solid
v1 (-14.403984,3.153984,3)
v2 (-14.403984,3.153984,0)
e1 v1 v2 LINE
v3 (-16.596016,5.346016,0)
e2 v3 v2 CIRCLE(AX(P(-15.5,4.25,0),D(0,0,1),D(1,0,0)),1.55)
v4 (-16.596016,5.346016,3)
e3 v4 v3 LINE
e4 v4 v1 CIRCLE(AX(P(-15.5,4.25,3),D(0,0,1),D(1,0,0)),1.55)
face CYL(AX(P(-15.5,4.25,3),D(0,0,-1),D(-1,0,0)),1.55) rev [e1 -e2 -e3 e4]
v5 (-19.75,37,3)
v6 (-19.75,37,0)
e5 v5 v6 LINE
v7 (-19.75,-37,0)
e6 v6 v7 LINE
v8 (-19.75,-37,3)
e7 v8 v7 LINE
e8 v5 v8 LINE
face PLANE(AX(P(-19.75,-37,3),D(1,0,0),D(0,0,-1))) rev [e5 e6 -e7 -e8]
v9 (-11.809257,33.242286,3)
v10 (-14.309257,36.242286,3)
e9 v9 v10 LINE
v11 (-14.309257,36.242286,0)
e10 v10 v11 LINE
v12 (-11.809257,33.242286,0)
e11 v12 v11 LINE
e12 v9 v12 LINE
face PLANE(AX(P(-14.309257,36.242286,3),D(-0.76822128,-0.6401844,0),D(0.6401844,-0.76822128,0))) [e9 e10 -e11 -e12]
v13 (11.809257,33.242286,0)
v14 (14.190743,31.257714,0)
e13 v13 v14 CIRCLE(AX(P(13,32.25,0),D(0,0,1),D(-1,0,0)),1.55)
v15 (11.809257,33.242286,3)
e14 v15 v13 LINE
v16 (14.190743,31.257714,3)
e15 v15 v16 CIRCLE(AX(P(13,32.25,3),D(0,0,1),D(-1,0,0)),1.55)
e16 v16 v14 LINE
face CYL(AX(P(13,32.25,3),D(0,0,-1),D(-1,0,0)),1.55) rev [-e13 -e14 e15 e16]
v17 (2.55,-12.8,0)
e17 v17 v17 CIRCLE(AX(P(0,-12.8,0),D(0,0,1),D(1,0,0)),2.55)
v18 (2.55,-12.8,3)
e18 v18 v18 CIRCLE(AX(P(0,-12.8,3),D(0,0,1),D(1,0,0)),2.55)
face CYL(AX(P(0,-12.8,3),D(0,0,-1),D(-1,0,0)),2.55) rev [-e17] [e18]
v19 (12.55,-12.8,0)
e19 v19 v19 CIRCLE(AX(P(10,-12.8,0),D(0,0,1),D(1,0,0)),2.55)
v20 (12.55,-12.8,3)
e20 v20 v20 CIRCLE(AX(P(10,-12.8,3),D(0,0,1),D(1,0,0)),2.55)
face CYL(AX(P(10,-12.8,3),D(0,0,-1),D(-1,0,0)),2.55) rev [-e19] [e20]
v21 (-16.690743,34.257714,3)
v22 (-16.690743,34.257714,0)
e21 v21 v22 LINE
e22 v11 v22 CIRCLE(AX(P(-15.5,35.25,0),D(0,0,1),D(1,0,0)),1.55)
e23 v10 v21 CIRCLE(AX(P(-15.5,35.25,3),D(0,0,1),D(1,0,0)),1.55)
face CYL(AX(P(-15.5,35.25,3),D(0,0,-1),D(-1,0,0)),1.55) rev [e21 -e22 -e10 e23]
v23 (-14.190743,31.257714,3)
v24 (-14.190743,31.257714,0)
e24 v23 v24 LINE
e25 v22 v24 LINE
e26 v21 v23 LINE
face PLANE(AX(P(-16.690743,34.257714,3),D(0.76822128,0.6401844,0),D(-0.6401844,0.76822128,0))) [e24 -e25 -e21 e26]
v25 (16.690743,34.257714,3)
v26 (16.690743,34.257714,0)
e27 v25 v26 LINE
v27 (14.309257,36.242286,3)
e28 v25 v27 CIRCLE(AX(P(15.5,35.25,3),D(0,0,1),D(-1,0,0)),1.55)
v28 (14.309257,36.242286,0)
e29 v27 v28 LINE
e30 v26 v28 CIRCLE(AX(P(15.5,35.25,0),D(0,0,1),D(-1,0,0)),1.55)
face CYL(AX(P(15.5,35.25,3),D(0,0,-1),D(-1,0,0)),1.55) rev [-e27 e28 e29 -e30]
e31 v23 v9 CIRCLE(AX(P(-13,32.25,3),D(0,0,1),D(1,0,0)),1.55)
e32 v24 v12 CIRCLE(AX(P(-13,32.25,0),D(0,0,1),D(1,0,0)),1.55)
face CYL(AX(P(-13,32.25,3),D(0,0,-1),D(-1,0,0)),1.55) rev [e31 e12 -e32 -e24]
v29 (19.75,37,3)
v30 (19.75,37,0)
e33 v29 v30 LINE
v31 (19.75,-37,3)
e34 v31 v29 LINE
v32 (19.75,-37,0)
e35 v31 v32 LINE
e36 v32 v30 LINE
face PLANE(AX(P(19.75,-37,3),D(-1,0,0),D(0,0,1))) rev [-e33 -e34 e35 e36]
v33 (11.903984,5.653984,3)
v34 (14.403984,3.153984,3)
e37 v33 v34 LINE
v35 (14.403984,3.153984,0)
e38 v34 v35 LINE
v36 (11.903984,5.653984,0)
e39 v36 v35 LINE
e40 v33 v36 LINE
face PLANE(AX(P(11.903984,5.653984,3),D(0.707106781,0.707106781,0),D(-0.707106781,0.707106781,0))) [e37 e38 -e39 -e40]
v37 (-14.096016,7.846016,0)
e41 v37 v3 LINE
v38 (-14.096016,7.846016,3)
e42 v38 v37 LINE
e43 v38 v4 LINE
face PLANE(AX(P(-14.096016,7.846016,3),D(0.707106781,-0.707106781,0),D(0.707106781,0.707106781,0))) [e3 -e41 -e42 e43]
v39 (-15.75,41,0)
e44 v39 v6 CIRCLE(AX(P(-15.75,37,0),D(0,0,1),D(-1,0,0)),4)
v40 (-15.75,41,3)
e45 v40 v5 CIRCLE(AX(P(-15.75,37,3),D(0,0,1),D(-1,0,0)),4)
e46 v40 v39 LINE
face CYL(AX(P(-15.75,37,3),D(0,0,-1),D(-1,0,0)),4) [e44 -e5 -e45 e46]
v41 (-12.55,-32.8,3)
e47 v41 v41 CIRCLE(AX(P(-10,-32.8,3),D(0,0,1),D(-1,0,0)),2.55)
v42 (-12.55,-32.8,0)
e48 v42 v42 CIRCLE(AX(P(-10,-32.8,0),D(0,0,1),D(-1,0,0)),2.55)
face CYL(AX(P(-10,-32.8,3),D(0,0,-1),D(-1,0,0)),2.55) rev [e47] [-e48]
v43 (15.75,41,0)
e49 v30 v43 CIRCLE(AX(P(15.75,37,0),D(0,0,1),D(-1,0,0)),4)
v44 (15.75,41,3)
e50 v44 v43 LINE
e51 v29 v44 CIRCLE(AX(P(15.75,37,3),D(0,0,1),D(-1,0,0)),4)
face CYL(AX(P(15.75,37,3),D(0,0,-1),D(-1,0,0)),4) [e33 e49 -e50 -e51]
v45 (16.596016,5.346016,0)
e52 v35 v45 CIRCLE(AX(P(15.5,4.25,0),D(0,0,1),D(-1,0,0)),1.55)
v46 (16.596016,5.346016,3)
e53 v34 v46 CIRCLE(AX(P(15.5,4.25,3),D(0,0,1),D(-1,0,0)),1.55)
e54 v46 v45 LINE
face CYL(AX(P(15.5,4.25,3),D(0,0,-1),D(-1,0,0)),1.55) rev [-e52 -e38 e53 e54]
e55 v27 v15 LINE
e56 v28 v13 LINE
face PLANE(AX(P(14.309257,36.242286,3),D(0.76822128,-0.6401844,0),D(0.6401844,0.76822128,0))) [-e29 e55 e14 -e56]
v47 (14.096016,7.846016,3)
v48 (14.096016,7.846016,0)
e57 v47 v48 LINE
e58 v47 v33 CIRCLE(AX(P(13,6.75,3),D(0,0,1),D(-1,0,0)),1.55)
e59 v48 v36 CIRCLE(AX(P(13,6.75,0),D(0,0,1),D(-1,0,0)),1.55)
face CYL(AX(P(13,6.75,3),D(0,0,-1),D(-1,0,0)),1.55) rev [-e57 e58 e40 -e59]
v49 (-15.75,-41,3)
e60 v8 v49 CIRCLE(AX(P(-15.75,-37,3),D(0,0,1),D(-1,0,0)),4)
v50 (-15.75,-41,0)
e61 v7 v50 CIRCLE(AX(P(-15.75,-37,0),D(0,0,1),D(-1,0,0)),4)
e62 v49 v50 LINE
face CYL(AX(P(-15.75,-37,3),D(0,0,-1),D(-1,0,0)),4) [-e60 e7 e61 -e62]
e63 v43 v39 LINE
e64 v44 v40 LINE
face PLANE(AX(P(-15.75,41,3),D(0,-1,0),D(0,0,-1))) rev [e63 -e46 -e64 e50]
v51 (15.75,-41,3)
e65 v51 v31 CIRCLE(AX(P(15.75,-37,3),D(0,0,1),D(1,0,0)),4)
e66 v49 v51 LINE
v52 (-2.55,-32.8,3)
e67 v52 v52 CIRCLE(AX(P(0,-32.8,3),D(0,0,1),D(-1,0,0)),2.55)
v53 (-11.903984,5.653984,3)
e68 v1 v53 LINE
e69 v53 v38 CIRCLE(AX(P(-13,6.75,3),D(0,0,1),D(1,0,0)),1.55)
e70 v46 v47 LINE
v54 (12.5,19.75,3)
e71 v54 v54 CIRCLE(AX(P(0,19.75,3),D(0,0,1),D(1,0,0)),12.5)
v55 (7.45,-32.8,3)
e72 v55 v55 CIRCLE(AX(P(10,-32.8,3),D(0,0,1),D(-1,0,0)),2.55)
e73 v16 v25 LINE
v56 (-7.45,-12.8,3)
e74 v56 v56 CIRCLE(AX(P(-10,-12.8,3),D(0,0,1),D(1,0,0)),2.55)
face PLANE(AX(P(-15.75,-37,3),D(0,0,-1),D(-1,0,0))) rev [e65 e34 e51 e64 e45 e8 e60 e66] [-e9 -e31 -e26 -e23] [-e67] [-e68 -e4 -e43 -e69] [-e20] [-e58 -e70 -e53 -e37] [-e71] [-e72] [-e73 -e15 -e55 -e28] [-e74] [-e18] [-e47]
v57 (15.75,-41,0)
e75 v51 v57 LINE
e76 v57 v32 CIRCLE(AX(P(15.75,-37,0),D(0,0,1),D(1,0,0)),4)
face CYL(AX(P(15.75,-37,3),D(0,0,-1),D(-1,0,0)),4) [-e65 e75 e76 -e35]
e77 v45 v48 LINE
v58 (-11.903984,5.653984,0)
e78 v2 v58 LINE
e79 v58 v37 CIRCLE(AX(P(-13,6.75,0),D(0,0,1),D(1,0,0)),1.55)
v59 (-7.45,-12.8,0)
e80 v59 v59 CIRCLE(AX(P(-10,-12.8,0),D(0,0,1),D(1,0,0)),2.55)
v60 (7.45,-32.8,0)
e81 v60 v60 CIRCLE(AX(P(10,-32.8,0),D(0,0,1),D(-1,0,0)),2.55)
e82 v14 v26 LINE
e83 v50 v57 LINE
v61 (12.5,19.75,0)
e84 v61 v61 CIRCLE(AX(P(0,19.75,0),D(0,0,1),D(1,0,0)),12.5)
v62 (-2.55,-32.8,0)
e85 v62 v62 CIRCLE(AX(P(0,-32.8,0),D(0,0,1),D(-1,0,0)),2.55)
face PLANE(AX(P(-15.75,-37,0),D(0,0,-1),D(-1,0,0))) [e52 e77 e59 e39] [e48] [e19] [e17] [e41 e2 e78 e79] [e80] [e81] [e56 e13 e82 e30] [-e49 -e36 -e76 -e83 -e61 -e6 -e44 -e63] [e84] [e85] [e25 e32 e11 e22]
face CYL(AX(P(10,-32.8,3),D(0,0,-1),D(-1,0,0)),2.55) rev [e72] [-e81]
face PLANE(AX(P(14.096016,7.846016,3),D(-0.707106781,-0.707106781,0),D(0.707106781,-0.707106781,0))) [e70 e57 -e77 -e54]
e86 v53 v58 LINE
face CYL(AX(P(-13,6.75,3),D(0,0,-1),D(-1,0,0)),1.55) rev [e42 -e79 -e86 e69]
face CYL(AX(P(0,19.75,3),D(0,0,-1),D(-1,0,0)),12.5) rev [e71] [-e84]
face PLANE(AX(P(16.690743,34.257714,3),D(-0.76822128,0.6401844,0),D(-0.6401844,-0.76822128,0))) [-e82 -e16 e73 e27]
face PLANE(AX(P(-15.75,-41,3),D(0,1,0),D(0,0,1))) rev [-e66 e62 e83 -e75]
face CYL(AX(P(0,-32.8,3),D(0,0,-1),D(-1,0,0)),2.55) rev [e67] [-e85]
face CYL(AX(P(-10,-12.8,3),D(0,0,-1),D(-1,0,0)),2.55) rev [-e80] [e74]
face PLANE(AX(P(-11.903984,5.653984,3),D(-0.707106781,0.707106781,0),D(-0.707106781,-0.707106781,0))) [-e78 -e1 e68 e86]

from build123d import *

# Parameters (mm, degrees)
SCHIZZO1_R                   = 12.5
SCHIZZO1_R_2                 = 2.55
ESTRUSIONE_ESTRUSIONE1_DEPTH = 3


with BuildPart() as part:
    # Schizzo1 → Estrusione-Estrusione1 (new body)
    with BuildSketch(Plane.XY):
        with BuildLine():
            Line((-15.75, -41), (15.75, -41))
            ThreePointArc((15.75, -41), (18.578427125, -39.828427125), (19.75, -37))
            Line((19.75, -37), (19.75, 37))
            ThreePointArc((19.75, 37), (18.578427125, 39.828427125), (15.75, 41))
            Line((15.75, 41), (-15.75, 41))
            ThreePointArc((-15.75, 41), (-18.578427125, 39.828427125), (-19.75, 37))
            Line((-19.75, 37), (-19.75, -37))
            ThreePointArc((-19.75, -37), (-18.578427125, -39.828427125), (-15.75, -41))
        make_face()
        with Locations((0, 19.75)):
            Circle(SCHIZZO1_R, mode=Mode.SUBTRACT)
        with Locations((-10, -12.8)):
            Circle(SCHIZZO1_R_2, mode=Mode.SUBTRACT)
        with Locations((0, -12.8)):
            Circle(SCHIZZO1_R_2, mode=Mode.SUBTRACT)
        with Locations((10, -12.8)):
            Circle(SCHIZZO1_R_2, mode=Mode.SUBTRACT)
        with Locations((10, -32.8)):
            Circle(SCHIZZO1_R_2, mode=Mode.SUBTRACT)
        with Locations((0, -32.8)):
            Circle(SCHIZZO1_R_2, mode=Mode.SUBTRACT)
        with Locations((-10, -32.8)):
            Circle(SCHIZZO1_R_2, mode=Mode.SUBTRACT)
        with BuildLine():
            Line((-14.309257017, 36.242285819), (-11.809257017, 33.242285819))
            ThreePointArc((-11.809257017, 33.242285819), (-12.007714181, 31.059257017), (-14.190742983, 31.257714181))
            Line((-14.190742983, 31.257714181), (-16.690742983, 34.257714181))
            ThreePointArc((-16.690742983, 34.257714181), (-16.492285819, 36.440742983), (-14.309257017, 36.242285819))
        make_face(mode=Mode.SUBTRACT)
        with BuildLine():
            Line((14.309257017, 36.242285819), (11.809257017, 33.242285819))
            ThreePointArc((11.809257017, 33.242285819), (12.007714181, 31.059257017), (14.190742983, 31.257714181))
            Line((14.190742983, 31.257714181), (16.690742983, 34.257714181))
            ThreePointArc((16.690742983, 34.257714181), (16.492285819, 36.440742983), (14.309257017, 36.242285819))
        make_face(mode=Mode.SUBTRACT)
        with BuildLine():
            Line((-11.903984489, 5.653984489), (-14.403984489, 3.153984489))
            ThreePointArc((-14.403984489, 3.153984489), (-16.596015511, 3.153984489), (-16.596015511, 5.346015511))
            Line((-16.596015511, 5.346015511), (-14.096015511, 7.846015511))
            ThreePointArc((-14.096015511, 7.846015511), (-11.903984489, 7.846015511), (-11.903984489, 5.653984489))
        make_face(mode=Mode.SUBTRACT)
        with BuildLine():
            Line((11.903984489, 5.653984489), (14.403984489, 3.153984489))
            ThreePointArc((14.403984489, 3.153984489), (16.596015511, 3.153984489), (16.596015511, 5.346015511))
            Line((16.596015511, 5.346015511), (14.096015511, 7.846015511))
            ThreePointArc((14.096015511, 7.846015511), (11.903984489, 7.846015511), (11.903984489, 5.653984489))
        make_face(mode=Mode.SUBTRACT)
    extrude(amount=ESTRUSIONE_ESTRUSIONE1_DEPTH)


solid = part.part
